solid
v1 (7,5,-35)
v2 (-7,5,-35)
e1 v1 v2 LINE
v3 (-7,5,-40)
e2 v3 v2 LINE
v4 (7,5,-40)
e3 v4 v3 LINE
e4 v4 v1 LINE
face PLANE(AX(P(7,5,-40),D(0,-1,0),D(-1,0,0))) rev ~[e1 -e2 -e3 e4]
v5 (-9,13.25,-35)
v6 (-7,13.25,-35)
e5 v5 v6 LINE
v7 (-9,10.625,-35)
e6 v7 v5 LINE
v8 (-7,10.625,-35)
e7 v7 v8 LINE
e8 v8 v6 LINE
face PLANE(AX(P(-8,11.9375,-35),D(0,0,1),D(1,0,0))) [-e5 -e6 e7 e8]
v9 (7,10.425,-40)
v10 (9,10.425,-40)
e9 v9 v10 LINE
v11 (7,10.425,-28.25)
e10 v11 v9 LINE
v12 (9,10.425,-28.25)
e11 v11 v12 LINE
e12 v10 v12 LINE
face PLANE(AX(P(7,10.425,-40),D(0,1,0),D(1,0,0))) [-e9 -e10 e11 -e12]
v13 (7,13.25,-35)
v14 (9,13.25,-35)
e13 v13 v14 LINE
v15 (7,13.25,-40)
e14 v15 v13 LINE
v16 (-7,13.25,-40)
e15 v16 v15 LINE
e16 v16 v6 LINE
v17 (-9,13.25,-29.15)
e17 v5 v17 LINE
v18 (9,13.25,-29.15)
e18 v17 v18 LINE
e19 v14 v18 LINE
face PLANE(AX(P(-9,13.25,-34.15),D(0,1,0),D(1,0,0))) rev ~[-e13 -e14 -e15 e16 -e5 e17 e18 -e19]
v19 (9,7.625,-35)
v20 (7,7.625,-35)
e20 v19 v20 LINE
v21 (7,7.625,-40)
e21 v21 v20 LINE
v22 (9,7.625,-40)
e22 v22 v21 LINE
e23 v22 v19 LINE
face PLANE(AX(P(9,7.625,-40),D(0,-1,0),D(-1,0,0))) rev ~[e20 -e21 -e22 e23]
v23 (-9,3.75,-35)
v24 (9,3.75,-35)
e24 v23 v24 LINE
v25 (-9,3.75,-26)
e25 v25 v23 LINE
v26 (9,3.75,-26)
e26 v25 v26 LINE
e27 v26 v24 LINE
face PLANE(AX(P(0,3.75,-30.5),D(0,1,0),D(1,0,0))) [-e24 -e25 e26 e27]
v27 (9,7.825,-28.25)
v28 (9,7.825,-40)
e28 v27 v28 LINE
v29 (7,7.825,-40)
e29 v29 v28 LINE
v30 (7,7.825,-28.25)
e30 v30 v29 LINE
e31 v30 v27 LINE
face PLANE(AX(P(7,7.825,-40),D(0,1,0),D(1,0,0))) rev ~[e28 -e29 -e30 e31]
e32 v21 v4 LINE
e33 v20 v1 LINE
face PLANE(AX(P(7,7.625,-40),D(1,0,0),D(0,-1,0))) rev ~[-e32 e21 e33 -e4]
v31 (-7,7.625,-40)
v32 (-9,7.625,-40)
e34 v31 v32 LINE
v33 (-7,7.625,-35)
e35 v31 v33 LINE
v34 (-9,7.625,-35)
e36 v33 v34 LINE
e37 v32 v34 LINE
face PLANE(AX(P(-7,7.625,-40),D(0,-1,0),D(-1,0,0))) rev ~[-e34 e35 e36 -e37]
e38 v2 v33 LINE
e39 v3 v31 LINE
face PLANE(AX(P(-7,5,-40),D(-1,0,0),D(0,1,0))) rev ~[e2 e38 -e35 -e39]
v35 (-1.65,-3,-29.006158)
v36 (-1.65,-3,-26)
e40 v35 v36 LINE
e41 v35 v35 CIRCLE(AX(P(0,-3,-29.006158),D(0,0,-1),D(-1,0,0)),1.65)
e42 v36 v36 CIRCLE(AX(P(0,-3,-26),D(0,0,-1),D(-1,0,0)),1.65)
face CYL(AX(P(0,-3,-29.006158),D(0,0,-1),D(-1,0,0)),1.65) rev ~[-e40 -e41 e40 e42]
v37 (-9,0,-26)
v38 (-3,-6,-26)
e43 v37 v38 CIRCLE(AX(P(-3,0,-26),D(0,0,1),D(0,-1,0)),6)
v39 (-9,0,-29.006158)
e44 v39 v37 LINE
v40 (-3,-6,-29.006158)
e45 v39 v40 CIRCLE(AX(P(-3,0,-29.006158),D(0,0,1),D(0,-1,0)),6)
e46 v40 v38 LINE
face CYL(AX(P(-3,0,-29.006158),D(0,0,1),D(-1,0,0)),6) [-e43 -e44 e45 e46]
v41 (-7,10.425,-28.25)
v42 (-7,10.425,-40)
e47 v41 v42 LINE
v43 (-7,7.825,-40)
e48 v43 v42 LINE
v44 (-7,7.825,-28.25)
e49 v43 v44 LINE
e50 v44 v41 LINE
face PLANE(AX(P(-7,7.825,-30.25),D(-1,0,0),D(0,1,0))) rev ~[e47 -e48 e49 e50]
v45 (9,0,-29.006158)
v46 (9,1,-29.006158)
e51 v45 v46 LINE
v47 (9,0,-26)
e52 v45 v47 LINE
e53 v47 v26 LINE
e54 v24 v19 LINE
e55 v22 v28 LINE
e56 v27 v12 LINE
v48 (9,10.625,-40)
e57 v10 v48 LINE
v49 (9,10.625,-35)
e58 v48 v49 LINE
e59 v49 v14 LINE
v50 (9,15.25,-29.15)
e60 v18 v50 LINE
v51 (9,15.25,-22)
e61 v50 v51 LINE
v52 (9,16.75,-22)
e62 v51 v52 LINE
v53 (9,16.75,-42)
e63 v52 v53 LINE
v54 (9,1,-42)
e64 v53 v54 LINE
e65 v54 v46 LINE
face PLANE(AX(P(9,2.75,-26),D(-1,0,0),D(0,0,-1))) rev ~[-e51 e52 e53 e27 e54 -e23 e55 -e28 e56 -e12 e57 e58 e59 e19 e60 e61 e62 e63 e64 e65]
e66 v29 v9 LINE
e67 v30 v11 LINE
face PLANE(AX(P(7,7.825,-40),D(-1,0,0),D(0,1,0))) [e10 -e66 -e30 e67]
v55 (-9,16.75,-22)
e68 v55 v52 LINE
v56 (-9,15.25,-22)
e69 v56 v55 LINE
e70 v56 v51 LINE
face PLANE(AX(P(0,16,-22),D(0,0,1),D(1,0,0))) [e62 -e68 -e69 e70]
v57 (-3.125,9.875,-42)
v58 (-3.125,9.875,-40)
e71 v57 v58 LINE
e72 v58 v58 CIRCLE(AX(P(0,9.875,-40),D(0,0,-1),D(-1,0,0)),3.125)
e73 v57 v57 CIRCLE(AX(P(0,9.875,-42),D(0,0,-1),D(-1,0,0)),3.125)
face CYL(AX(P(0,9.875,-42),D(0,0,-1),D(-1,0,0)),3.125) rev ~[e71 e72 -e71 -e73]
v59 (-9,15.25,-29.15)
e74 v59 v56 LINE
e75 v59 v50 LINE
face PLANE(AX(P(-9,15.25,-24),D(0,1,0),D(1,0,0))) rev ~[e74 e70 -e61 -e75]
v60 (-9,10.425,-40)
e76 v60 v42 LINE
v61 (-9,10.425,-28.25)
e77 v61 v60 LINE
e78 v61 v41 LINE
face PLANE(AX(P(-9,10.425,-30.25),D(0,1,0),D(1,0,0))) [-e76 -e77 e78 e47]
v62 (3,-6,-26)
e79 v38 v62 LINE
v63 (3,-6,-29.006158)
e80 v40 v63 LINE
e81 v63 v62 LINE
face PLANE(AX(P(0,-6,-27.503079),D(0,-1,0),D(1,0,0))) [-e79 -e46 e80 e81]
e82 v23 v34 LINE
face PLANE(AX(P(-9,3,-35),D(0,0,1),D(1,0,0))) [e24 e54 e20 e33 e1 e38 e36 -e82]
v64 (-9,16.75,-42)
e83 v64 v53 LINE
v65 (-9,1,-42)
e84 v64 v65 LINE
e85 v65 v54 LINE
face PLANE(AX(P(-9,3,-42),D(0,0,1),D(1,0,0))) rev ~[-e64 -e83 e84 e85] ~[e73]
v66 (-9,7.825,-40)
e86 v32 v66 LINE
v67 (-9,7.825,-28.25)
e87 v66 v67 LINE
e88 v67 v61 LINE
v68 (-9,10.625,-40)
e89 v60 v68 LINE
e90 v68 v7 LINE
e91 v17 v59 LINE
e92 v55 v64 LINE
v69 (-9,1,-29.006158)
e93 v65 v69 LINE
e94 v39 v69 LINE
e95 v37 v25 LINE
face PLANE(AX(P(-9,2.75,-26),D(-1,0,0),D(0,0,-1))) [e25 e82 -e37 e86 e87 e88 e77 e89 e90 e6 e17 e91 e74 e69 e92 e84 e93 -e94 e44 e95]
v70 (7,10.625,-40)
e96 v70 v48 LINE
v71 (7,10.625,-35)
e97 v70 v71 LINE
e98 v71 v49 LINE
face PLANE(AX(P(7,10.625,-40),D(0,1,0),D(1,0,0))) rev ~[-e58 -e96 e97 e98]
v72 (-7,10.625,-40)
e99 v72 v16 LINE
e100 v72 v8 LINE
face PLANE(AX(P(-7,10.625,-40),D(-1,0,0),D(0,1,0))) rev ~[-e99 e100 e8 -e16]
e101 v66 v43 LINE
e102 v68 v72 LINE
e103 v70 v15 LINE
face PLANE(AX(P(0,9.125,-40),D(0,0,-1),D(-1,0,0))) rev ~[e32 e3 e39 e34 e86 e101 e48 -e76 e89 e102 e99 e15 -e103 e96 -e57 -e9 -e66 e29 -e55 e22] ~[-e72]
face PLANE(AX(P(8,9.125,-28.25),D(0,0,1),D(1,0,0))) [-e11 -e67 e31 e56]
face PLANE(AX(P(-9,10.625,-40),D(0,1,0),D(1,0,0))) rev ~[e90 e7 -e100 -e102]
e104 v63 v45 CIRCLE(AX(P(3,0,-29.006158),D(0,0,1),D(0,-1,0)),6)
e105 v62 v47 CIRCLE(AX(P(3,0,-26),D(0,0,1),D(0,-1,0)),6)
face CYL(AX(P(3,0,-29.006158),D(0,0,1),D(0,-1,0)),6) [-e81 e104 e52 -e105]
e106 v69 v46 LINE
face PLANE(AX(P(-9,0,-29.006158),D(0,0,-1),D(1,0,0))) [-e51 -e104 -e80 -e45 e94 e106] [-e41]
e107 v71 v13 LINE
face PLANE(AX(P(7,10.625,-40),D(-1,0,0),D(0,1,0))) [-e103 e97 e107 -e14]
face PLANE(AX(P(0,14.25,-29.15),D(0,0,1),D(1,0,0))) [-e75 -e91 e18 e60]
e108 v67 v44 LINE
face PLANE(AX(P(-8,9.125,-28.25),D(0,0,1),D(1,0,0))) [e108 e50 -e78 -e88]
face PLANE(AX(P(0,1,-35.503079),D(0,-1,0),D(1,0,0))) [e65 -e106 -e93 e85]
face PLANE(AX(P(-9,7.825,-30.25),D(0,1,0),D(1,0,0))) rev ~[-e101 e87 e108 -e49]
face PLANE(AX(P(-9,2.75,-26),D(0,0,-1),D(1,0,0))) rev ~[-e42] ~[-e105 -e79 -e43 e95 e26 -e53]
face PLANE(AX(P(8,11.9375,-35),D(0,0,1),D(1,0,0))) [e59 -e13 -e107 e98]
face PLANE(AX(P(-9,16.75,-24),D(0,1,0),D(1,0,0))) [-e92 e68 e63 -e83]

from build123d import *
from build123d.topology import SkipClean

# Parameters (mm, degrees)
ESBO_O1_R                 = 1.65
RESSALTO_EXTRUS_O1_DEPTH  = 3
RESSALTO_EXTRUS_O2_START  = 15
ESBO_O2_R                 = 1.65
RESSALTO_EXTRUS_O2_DEPTH  = 15
CORTE_EXTRUS_O1_DEPTH     = 15
RESSALTO_EXTRUS_O3_DEPTH  = 2
ESBO_O6_W                 = 23.468316857
ESBO_O6_H                 = 21.298976644
CORTE_EXTRUS_O2_DEPTH     = 21
ESBO_O7_W                 = 18
ESBO_O7_H                 = 18
RESSALTO_EXTRUS_O4_DEPTH  = 2
CORTE_EXTRUS_O3_DEPTH     = 5
ESBO_O9_W                 = 18
ESBO_O9_H                 = 2
CORTE_EXTRUS_O4_DEPTH     = 8
ESBO_O10_W                = 18
ESBO_O10_H                = 12.25
RESSALTO_EXTRUS_O5_DEPTH  = 2
RESSALTO_EXTRUS_O6_DEPTH  = 5.85
ESBO_O12_W                = 2
ESBO_O12_H                = 2.6
RESSALTO_EXTRUS_O7_DEPTH  = 9.75
ESBO_O13_W                = 18
ESBO_O13_H                = 7.85
RESSALTO_EXTRUS_O8_DEPTH  = 1.5
ESBO_O14_W                = 18
ESBO_O14_H                = 1.5
RESSALTO_EXTRUS_O9_DEPTH  = 5.15
ESBO_O15_R                = 3.125
CORTE_EXTRUS_O5_DEPTH     = 5.15
ESBO_O16_W                = 2
ESBO_O16_H                = 2.625
RESSALTO_EXTRUS_O10_DEPTH = 5
ESBO_O18_W                = 2
ESBO_O18_H                = 2.6
RESSALTO_EXTRUS_O11_DEPTH = 5
ESBO_O19_W                = 18
ESBO_O19_H                = 2
RESSALTO_EXTRUS_O12_DEPTH = 5
ESBO_O20_W                = 18
ESBO_O20_H                = 1.5
RESSALTO_EXTRUS_O13_DEPTH = 5
ESBO_O21_W                = 18
ESBO_O21_H                = 7
RESSALTO_EXTRUS_O14_DEPTH = 3
ESBO_O22_W                = 18
ESBO_O22_H                = 2.75
RESSALTO_EXTRUS_O15_DEPTH = 9
ESBO_O23_W                = 18
ESBO_O23_H                = 3.006158343
RESSALTO_EXTRUS_O16_DEPTH = 6
ESBO_O24_W                = 27.560641217
ESBO_O24_H                = 36.557163592
CORTE_EXTRUS_O6_DEPTH     = 26
ESBO_O25_W                = 18
ESBO_O25_H                = 1.5
RESSALTO_EXTRUS_O17_DEPTH = 2
ESBO_O26_R                = 1.65
CORTE_EXTRUS_O7_DEPTH     = 10
FILETE1_R                 = 6
ESBO_O27_W                = 18
ESBO_O27_H                = 12.993841657
CORTE_EXTRUS_O8_DEPTH     = 1
ESBO_O28_W                = 18
ESBO_O28_H                = 9
RESSALTO_EXTRUS_O18_DEPTH = 1
ESBO_O29_W                = 2
ESBO_O29_H                = 2.6
CORTE_EXTRUS_O9_DEPTH     = 3


with BuildPart() as part:
    # Esboço1 → Ressalto-extrusão1 (new body)
    # profile 1 of 3: a face of its own
    with BuildSketch(Plane.XY):
        Polygon((-7, 15.25), (-9, 15.25), (-9, 13.25), (-9, 5), (-6.541451884, 0), (-2.020725942, -6), (2.020725942, -6), (6.541451884, 0), (9, 5), (9, 15.25), (7, 15.25), align=None)
        Polygon((2.020725942, -3.5), (4.041451884, 0), (2.020725942, 3.5), (-2.020725942, 3.5), (-4.041451884, 0), (-2.020725942, -3.5), align=None, mode=Mode.SUBTRACT)
        Polygon((-7, 13.25), (-7, 5), (0, 5), (7, 5), (7, 13.25), align=None, mode=Mode.SUBTRACT)
    # profile 2 of 3: a face of its own
    with BuildSketch(Plane.XY):
        Polygon((7, 13.25), (-7, 13.25), (-7, 5), (0, 5), (7, 5), align=None)
    # profile 3 of 3: a face of its own
    with BuildSketch(Plane.XY):
        Polygon((-2.020725942, -3.5), (2.020725942, -3.5), (4.041451884, 0), (2.020725942, 3.5), (-2.020725942, 3.5), (-4.041451884, 0), align=None)
        Circle(ESBO_O1_R, mode=Mode.SUBTRACT)
    extrude(amount=RESSALTO_EXTRUS_O1_DEPTH)

    # Esboço2 → Ressalto-extrusão2 (add)
    # profile 1 of 2: a face of its own
    with SkipClean():  # the faces are left unmerged after this step: merging them gives an invalid solid
        with BuildSketch(Plane(origin=(0, 0, 0), x_dir=(-1, 0, 0), z_dir=(0, 0, -1)).offset(RESSALTO_EXTRUS_O2_START)):
            Polygon((9, 5), (9, 15.25), (-9, 15.25), (-9, 5), (-6.541451884, 0), (-2.020725942, -6), (2.020725942, -6), (6.541451884, 0), align=None)
            Polygon((7, 5), (7, 13.25), (-7, 13.25), (-7, 5), (0, 5), align=None, mode=Mode.SUBTRACT)
            Polygon((-4.041451884, 0), (-2.020725942, -3.5), (2.020725942, -3.5), (4.041451884, 0), (2.020725942, 3.5), (-2.020725942, 3.5), align=None, mode=Mode.SUBTRACT)
        # profile 2 of 2: a face of its own
        with BuildSketch(Plane(origin=(0, 0, 0), x_dir=(-1, 0, 0), z_dir=(0, 0, -1)).offset(RESSALTO_EXTRUS_O2_START)):
            Polygon((-2.020725942, 3.5), (-4.041451884, 0), (-2.020725942, -3.5), (2.020725942, -3.5), (4.041451884, 0), (2.020725942, 3.5), align=None)
            Circle(ESBO_O2_R, mode=Mode.SUBTRACT)
        extrude(amount=-RESSALTO_EXTRUS_O2_DEPTH)

    # Esboço3 → Corte-extrusão1 (cut)
    with SkipClean():  # the faces are left unmerged after this step: merging them gives an invalid solid
        with BuildSketch(Plane(origin=(0, 0, -15), x_dir=(-1, 0, 0), z_dir=(0, 0, -1))):
            Polygon((-9, 10.625), (-9, 9.125), (-9, 7.625), (-7, 7.625), (-7, 10.625), align=None)
            Polygon((9, 7.625), (9, 9.125), (9, 10.625), (7, 10.625), (7, 7.625), align=None)
        extrude(amount=-CORTE_EXTRUS_O1_DEPTH, mode=Mode.SUBTRACT)

    # Esboço5 → Ressalto-extrusão3 (add)
    with SkipClean():  # the faces are left unmerged after this step: merging them gives an invalid solid
        with BuildSketch(Plane(origin=(0, 0, 0), x_dir=(-1, 0, 0), z_dir=(0, 0, -1))):
            Polygon((-1.583333333, 13.25), (-2.333333333, 13.25), (-3.083333333, 13.25), (-3.083333333, 5), (-1.583333333, 5), align=None)
        extrude(amount=RESSALTO_EXTRUS_O3_DEPTH)

    # Esboço6 → Corte-extrusão2 (cut)
    with BuildSketch(Plane(origin=(0, -16, 0), x_dir=(-1, 0, 0), z_dir=(0, -1, 0))):
        with Locations((-0.042259875, 5.70418088)):
            Rectangle(ESBO_O6_W, ESBO_O6_H)
    extrude(amount=-CORTE_EXTRUS_O2_DEPTH, mode=Mode.SUBTRACT)

    # Esboço7 → Ressalto-extrusão4 (add)
    with BuildSketch(Plane.XZ.offset(-5)):
        with Locations((0, -6)):
            Rectangle(ESBO_O7_W, ESBO_O7_H)
    extrude(amount=RESSALTO_EXTRUS_O4_DEPTH)

    # Esboço8 → Corte-extrusão3 (cut)
    with BuildSketch(Plane(origin=(0, 0, -15), x_dir=(-1, 0, 0), z_dir=(0, 0, -1))):
        Polygon((7, 7.625), (7, 5), (-7, 5), (-7, 7.625), (-9, 7.625), (-9, 3), (9, 3), (9, 7.625), align=None)
        Polygon((7, 10.625), (9, 10.625), (9, 15.25), (-9, 15.25), (-9, 10.625), (-7, 10.625), (-7, 13.25), (7, 13.25), align=None)
    extrude(amount=-CORTE_EXTRUS_O3_DEPTH, mode=Mode.SUBTRACT)

    # Esboço9 → Corte-extrusão4 (cut)
    with BuildSketch(Plane(origin=(0, 0, -10), x_dir=(-1, 0, 0), z_dir=(0, 0, -1))):
        with Locations((0, 14.25)):
            Rectangle(ESBO_O9_W, ESBO_O9_H)
    extrude(amount=-CORTE_EXTRUS_O4_DEPTH, mode=Mode.SUBTRACT)

    # Esboço24 → Corte-extrusão6 (cut)
    with BuildSketch(Plane.XY.offset(13)):
        with Locations((-1.631661855, 4.199263035)):
            Rectangle(ESBO_O24_W, ESBO_O24_H)
    extrude(amount=-CORTE_EXTRUS_O6_DEPTH, mode=Mode.SUBTRACT)


with BuildPart() as body_2:
    # Esboço10 → Ressalto-extrusão5 (new body)
    with BuildSketch(Plane(origin=(0, 0, -40), x_dir=(-1, 0, 0), z_dir=(0, 0, -1))):
        with Locations((0, 9.125)):
            Rectangle(ESBO_O10_W, ESBO_O10_H)
    extrude(amount=RESSALTO_EXTRUS_O5_DEPTH)

    # Esboço11 → Ressalto-extrusão6 (add)
    with BuildSketch(Plane.XY.offset(-40)):
        Polygon((9, 15.25), (-9, 15.25), (-9, 13.25), (-7, 13.25), (1.583333333, 13.25), (3.083333333, 13.25), (7, 13.25), (9, 13.25), align=None)
    extrude(amount=RESSALTO_EXTRUS_O6_DEPTH)

    # Esboço12 → Ressalto-extrusão7 (add)
    with BuildSketch(Plane.XY.offset(-40)):
        with Locations((8, 9.125)):
            Rectangle(ESBO_O12_W, ESBO_O12_H)
        with Locations((-8, 9.125)):
            Rectangle(ESBO_O12_W, ESBO_O12_H)
    extrude(amount=RESSALTO_EXTRUS_O7_DEPTH)

    # Esboço13 → Ressalto-extrusão8 (add)
    with BuildSketch(Plane(origin=(0, 15.25, 0), x_dir=(1, 0, 0), z_dir=(0, 1, 0))):
        with Locations((0, 38.075)):
            Rectangle(ESBO_O13_W, ESBO_O13_H)
    extrude(amount=RESSALTO_EXTRUS_O8_DEPTH)

    # Esboço14 → Ressalto-extrusão9 (add)
    with BuildSketch(Plane.XY.offset(-34.15)):
        with Locations((0, 16)):
            Rectangle(ESBO_O14_W, ESBO_O14_H)
    extrude(amount=RESSALTO_EXTRUS_O9_DEPTH)

    # Esboço15 → Corte-extrusão5 (cut)
    with BuildSketch(Plane(origin=(0, 0, -42), x_dir=(-1, 0, 0), z_dir=(0, 0, -1))):
        with Locations((0, 9.875)):
            Circle(ESBO_O15_R)
    extrude(amount=-CORTE_EXTRUS_O5_DEPTH, mode=Mode.SUBTRACT)

    # Esboço16 → Ressalto-extrusão10 (add)
    with BuildSketch(Plane.XY.offset(-40)):
        Polygon((-7, 7.625), (-9, 7.625), (-9, 3), (9, 3), (9, 7.625), (7, 7.625), (7, 5), (-7, 5), align=None)
        with Locations((-8, 11.9375)):
            Rectangle(ESBO_O16_W, ESBO_O16_H)
        with Locations((8, 11.9375)):
            Rectangle(ESBO_O16_W, ESBO_O16_H)
    extrude(amount=RESSALTO_EXTRUS_O10_DEPTH)

    # Esboço18 → Ressalto-extrusão11 (add)
    with BuildSketch(Plane.XY.offset(-30.25)):
        with Locations((-8, 9.125)):
            Rectangle(ESBO_O18_W, ESBO_O18_H)
        with Locations((8, 9.125)):
            Rectangle(ESBO_O18_W, ESBO_O18_H)
    extrude(amount=RESSALTO_EXTRUS_O11_DEPTH)

    # Esboço19 → Ressalto-extrusão12 (add)
    with BuildSketch(Plane.XY.offset(-34.15)):
        with Locations((0, 14.25)):
            Rectangle(ESBO_O19_W, ESBO_O19_H)
    extrude(amount=RESSALTO_EXTRUS_O12_DEPTH)

    # Esboço20 → Ressalto-extrusão13 (add)
    with BuildSketch(Plane.XY.offset(-29)):
        with Locations((0, 16)):
            Rectangle(ESBO_O20_W, ESBO_O20_H)
    extrude(amount=RESSALTO_EXTRUS_O13_DEPTH)

    # Esboço21 → Ressalto-extrusão14 (add)
    with BuildSketch(Plane.XZ.offset(-3)):
        with Locations((0, -38.5)):
            Rectangle(ESBO_O21_W, ESBO_O21_H)
    extrude(amount=RESSALTO_EXTRUS_O14_DEPTH)

    # Esboço22 → Ressalto-extrusão15 (add)
    with BuildSketch(Plane.XY.offset(-35)):
        with Locations((0, 1.375)):
            Rectangle(ESBO_O22_W, ESBO_O22_H)
    extrude(amount=RESSALTO_EXTRUS_O15_DEPTH)

    # Esboço23 → Ressalto-extrusão16 (add)
    with BuildSketch(Plane.XZ):
        with Locations((0, -27.503079172)):
            Rectangle(ESBO_O23_W, ESBO_O23_H)
    extrude(amount=RESSALTO_EXTRUS_O16_DEPTH)

    # Esboço25 → Ressalto-extrusão17 (add)
    with BuildSketch(Plane.XY.offset(-24)):
        with Locations((0, 16)):
            Rectangle(ESBO_O25_W, ESBO_O25_H)
    extrude(amount=RESSALTO_EXTRUS_O17_DEPTH)

    # Esboço26 → Corte-extrusão7 (cut)
    with BuildSketch(Plane(origin=(0, 0, -29.006158343), x_dir=(-1, 0, 0), z_dir=(0, 0, -1))):
        with Locations((0, -3)):
            Circle(ESBO_O26_R)
    extrude(amount=-CORTE_EXTRUS_O7_DEPTH, mode=Mode.SUBTRACT)

    # Filete1
    filete1_edges = [body_2.edges().sort_by_distance(p)[0] for p in [
        (-9, -6, -27.503079172),
        (9, -6, -27.503079172),
    ]]
    fillet(filete1_edges, radius=FILETE1_R)

    # Esboço27 → Corte-extrusão8 (cut)
    with BuildSketch(Plane.XZ):
        with Locations((0, -35.503079172)):
            Rectangle(ESBO_O27_W, ESBO_O27_H)
    extrude(amount=-CORTE_EXTRUS_O8_DEPTH, mode=Mode.SUBTRACT)

    # Esboço28 → Ressalto-extrusão18 (add)
    with BuildSketch(Plane(origin=(0, 2.75, 0), x_dir=(1, 0, 0), z_dir=(0, 1, 0))):
        with Locations((0, 30.5)):
            Rectangle(ESBO_O28_W, ESBO_O28_H)
    extrude(amount=RESSALTO_EXTRUS_O18_DEPTH)

    # Esboço29 → Corte-extrusão9 (cut)
    with BuildSketch(Plane.XY.offset(-25.25)):
        with Locations((8, 9.125)):
            Rectangle(ESBO_O29_W, ESBO_O29_H)
        with Locations((-8, 9.125)):
            Rectangle(ESBO_O29_W, ESBO_O29_H)
    extrude(amount=-CORTE_EXTRUS_O9_DEPTH, mode=Mode.SUBTRACT)


solid = body_2.part
